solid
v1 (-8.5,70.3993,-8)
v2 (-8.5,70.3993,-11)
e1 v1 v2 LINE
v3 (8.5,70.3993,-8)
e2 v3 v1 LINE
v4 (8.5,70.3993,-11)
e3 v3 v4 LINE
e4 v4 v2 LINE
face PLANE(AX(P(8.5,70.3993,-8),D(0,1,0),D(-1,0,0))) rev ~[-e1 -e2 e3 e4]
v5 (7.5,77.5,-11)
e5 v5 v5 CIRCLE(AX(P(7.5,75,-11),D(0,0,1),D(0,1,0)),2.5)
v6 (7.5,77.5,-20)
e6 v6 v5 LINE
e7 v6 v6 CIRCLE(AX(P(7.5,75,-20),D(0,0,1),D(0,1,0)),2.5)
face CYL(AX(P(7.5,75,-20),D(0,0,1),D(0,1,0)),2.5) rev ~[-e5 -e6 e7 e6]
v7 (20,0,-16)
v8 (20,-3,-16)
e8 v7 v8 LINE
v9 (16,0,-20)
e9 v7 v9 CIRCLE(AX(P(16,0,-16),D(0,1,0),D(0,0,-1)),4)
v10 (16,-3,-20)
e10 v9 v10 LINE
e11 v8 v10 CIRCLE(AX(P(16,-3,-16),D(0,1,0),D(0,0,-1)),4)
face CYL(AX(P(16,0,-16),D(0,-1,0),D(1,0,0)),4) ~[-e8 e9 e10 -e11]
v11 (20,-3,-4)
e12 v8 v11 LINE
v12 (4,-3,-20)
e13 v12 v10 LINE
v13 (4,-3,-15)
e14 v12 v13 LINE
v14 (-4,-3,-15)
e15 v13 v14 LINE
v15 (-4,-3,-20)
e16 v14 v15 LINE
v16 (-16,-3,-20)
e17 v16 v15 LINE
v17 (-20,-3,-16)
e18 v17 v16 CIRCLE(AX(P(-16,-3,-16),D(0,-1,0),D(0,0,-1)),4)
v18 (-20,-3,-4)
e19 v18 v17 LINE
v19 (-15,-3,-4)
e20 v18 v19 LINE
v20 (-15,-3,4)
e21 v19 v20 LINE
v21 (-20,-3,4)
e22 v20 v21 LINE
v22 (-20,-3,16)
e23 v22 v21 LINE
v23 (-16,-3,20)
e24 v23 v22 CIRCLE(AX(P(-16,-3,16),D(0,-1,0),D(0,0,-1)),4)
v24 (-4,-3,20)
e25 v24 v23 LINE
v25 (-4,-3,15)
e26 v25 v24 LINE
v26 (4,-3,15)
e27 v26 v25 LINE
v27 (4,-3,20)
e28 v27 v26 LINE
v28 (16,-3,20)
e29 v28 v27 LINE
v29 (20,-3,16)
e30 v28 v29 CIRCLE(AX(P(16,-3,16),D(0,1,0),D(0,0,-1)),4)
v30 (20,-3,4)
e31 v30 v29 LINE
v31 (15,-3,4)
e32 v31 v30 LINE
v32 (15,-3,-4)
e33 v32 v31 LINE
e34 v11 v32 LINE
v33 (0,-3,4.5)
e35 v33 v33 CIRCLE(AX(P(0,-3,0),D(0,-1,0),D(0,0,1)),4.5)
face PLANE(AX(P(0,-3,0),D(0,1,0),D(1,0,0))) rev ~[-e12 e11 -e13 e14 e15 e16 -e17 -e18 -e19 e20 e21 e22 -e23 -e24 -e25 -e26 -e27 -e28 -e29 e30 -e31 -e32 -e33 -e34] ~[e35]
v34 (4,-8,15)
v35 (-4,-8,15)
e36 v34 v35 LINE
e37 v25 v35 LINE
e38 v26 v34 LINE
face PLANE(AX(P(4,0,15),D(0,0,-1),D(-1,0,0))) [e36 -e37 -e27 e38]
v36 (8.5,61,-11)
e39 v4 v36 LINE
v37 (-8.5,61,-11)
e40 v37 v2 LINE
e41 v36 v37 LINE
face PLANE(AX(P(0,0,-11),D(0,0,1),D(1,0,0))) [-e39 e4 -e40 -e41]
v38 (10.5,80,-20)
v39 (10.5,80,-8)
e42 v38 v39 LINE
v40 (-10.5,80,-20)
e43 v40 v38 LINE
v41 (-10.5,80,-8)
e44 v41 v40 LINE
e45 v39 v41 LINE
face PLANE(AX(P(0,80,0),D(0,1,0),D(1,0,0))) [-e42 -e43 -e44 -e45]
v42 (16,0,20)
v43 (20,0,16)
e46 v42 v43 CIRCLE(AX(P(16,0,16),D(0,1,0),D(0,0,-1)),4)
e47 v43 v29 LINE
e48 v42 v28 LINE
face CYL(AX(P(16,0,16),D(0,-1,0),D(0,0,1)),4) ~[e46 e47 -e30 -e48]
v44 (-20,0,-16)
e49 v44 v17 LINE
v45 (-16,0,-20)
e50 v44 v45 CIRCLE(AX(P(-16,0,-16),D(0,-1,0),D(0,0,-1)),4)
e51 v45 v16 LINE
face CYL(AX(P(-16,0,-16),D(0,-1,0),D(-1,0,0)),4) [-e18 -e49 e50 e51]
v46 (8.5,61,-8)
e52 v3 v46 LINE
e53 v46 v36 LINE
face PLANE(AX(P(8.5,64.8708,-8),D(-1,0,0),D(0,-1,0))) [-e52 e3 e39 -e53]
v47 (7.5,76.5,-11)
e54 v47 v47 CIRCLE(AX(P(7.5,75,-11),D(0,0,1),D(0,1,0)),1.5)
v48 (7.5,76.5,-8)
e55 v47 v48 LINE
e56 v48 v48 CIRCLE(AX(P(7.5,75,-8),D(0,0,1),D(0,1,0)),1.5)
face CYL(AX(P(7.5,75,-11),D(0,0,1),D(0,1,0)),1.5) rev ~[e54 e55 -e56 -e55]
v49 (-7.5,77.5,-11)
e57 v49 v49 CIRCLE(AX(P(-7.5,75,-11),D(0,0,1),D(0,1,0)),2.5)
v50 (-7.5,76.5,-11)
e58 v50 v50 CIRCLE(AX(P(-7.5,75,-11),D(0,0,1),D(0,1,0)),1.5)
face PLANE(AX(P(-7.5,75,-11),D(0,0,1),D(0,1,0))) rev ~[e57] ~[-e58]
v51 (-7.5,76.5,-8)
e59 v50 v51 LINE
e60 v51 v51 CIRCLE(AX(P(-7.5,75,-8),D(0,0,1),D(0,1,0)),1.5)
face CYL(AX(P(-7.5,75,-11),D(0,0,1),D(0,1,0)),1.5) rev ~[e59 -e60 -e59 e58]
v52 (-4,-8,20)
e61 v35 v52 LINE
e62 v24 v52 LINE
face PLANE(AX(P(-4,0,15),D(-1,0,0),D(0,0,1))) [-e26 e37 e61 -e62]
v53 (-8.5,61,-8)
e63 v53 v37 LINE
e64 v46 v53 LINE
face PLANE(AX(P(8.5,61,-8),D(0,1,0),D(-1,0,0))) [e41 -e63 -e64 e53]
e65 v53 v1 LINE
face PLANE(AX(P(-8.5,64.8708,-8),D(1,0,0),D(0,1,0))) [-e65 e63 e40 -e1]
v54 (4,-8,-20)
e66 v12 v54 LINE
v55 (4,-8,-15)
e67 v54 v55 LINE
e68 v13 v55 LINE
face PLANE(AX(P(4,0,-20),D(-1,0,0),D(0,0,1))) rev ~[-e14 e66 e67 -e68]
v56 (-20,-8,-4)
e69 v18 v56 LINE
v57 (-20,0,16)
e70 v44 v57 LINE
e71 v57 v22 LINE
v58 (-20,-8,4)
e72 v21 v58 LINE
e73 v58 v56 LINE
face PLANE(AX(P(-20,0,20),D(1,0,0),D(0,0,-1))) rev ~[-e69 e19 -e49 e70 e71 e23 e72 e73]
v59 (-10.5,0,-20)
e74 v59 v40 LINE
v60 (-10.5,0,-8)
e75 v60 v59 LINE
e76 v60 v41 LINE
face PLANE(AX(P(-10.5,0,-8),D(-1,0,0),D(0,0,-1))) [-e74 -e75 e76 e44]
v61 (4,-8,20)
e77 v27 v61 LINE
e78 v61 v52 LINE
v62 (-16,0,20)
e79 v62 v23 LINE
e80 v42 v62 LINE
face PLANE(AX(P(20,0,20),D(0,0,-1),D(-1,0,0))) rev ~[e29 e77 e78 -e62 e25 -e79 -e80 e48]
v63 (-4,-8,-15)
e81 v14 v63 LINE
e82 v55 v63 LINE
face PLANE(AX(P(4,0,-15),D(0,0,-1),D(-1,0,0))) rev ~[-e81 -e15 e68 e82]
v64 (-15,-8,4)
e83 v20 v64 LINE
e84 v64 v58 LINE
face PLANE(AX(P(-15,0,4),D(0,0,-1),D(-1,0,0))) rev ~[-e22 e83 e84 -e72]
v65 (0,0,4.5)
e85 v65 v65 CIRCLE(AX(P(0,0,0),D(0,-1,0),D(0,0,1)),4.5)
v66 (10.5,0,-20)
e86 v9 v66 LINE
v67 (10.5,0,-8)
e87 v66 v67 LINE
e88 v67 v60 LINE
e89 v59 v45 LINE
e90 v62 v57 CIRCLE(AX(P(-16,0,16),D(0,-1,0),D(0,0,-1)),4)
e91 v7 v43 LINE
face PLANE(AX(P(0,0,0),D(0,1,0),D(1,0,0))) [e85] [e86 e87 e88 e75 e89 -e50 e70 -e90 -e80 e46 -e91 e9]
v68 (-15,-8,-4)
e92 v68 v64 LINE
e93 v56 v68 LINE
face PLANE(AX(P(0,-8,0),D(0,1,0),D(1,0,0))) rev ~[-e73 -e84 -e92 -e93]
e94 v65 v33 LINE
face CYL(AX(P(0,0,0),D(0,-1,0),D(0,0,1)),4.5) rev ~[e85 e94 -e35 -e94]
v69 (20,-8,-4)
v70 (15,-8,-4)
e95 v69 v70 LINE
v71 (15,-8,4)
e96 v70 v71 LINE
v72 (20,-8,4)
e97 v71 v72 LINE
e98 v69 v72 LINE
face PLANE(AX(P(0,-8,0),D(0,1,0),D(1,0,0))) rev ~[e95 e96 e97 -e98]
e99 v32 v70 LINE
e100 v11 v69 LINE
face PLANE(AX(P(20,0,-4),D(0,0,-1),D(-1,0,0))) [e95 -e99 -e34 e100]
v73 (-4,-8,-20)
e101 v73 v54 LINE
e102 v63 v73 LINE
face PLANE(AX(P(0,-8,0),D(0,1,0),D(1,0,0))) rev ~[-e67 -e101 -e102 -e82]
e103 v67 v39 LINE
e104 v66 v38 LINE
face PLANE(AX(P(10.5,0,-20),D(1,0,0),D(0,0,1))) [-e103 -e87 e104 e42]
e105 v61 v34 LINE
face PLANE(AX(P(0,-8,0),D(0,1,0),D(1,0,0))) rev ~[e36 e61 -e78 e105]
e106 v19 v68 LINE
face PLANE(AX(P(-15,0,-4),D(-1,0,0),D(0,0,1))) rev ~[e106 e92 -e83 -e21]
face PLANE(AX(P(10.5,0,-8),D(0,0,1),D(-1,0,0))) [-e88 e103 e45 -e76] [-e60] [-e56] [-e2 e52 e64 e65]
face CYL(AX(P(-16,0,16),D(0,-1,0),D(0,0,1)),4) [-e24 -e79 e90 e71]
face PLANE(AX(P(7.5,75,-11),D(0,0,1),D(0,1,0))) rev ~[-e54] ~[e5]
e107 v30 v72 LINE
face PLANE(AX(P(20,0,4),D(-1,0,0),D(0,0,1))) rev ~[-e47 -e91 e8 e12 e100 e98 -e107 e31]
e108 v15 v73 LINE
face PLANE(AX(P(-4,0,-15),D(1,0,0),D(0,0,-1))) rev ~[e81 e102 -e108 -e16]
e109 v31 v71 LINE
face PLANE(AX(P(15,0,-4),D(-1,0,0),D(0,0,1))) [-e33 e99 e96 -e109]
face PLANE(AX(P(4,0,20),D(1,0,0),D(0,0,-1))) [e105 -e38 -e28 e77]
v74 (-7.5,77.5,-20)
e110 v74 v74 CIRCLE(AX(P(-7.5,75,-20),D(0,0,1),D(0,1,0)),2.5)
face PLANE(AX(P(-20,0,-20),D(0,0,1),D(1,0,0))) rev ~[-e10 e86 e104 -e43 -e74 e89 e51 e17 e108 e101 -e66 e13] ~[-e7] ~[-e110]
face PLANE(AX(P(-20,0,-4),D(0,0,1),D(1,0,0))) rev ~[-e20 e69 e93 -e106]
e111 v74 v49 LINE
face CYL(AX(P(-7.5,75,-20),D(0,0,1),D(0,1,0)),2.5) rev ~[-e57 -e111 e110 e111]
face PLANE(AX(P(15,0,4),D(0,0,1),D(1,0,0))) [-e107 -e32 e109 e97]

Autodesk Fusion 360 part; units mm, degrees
sketch "Sketch1" plane through (0, 0, 0) normal (0, 1, 0) x (1, 0, 0)
  line L0 (20, -20) -> (-20, -20)
  line L1 (-20, -20) -> (-20, 20)
  line L2 (-20, 20) -> (20, 20)
  line L3 (20, 20) -> (20, -20)
  line L4 (20, -20) -> (-20, 20) construction
  line L5 (-20, -20) -> (20, 20) construction
  line L6 (-20, 4) -> (-15, 4)
  line L7 (-15, 4) -> (-15, -4)
  line L8 (-15, -4) -> (-20, -4)
  line L9 (-20, -4) -> (-20, 4)
  line L10 (-4, 20) -> (4, 20)
  line L11 (4, 20) -> (4, 15)
  line L12 (4, 15) -> (-4, 15)
  line L13 (-4, 15) -> (-4, 20)
  line L14 (20, 4) -> (15, 4)
  line L15 (15, 4) -> (15, -4)
  line L16 (15, -4) -> (20, -4)
  line L17 (20, -4) -> (20, 4)
  line L18 (-4, -20) -> (4, -20)
  line L19 (4, -20) -> (4, -15)
  line L20 (4, -15) -> (-4, -15)
  line L21 (-4, -15) -> (-4, -20)
  dimension "d1" = 40
  dimension "d2" = 40
  dimension "d3" = 5
  dimension "d4" = 8
  dimension "d5" = 16
  dimension "d6" = 5
  dimension "d7" = 16
  dimension "d8" = 8
  dimension "d9" = 5
  dimension "d10" = 5
  dimension "d11" = 8
  dimension "d12" = 8
  dimension "d13" = 16
  dimension "d14" = 16
extrude "Extrude1" add sketch "Sketch1" against normal blind 3 contours L0 L1 L2 L3 L6 L7 L8 L11 L12 L13 L14 L15 L16 L19 L20 L21
extrude "Extrude2" add sketch "Sketch1" against normal blind 8 contours L0 L18 L19 L20 L21 | L3 L14 L15 L16 L17 | L1 L6 L7 L8 L9 | L2 L10 L11 L12 L13
hole "Hole1" at (0, 0, 0) direction (0, -1, 0) diameter 9 depth 30 tip angle 118
fillet "Fillet1" radius 4 4 edges at (20, -1.5, -20) (-20, -1.5, -20) (20, -1.5, 20) (-20, -1.5, 20)
sketch "Sketch2" plane through (0, 0, 0) normal (0, 0, 1) x (1, 0, 0)
sketch "Sketch3" plane through (0, 0, 0) normal (0, 1, 0) x (1, 0, 0)
  line L0 (-10.5, 20) -> (10.5, 20)
  line L1 (10.5, 20) -> (10.5, 8)
  line L2 (10.5, 8) -> (-10.5, 8)
  line L3 (-10.5, 8) -> (-10.5, 20)
  line L4 (-20, -20) -> (-20, 20)
  dimension "d26" = 21
  dimension "d27" = 9.5
  dimension "d28" = 12
extrude "Extrude3" add sketch "Sketch3" along normal blind 80
sketch "Sketch4" plane through (0, 0, -8) normal (0, 0, 1) x (1, 0, 0)
  line L0 (-10.5, 0) -> (10.5, 0)
  line L1 (10.5, 0) -> (10.5, 80)
  line L2 (10.5, 80) -> (-10.5, 80)
  line L3 (-10.5, 80) -> (-10.5, 0)
  line L4 (-10.5, 80) -> (10.5, 80)
  line L5 (10.5, 80) -> (10.5, 59)
  line L6 (10.5, 59) -> (-10.5, 59)
  line L7 (-10.5, 59) -> (-10.5, 80)
  line L8 (8.5, 78) -> (8.5, 61)
  line L9 (8.5, 61) -> (-8.5, 61)
  line L10 (-8.5, 61) -> (-8.5, 78)
  line L11 (-8.5, 78) -> (8.5, 78)
  line L12 (-8.5, 78) -> (8.5, 78)
  line L13 (8.5, 78) -> (8.5, 64.8708)
  line L14 (-8.5, 64.8708) -> (-8.5, 78)
  line L15 (-8.5, 61) -> (8.5, 61)
  line L16 (8.5, 61) -> (8.5, 70.3993)
  line L17 (8.5, 70.3993) -> (-8.5, 70.3993)
  line L18 (-8.5, 70.3993) -> (-8.5, 61)
  point P0 (-7.5, 64)
  point P1 (7.5, 64)
  dimension "d29" = 21
  dimension "d30" = 21
  dimension "d31" = 2
  dimension "d34" = 5
  dimension "d35" = 15
  dimension "d36" = 3
extrude "Extrude5" cut sketch "Sketch4" against normal blind 3 contours L8 L9 L10 L13 L14 L15 L16 L17 L18
sketch "Sketch6" plane through (0, 0, -20) normal (0, 0, -1) x (-1, 0, 0)
  line L0 (16, -3) -> (16, 0)
  line L1 (16, 0) -> (10.5, 0)
  line L2 (10.5, 0) -> (10.5, 80)
  line L3 (10.5, 80) -> (-10.5, 80)
  line L4 (-10.5, 80) -> (-10.5, 0)
  line L5 (-10.5, 0) -> (-16, 0)
  line L6 (-16, 0) -> (-16, -3)
  line L7 (-16, -3) -> (-4, -3)
  line L8 (-4, -3) -> (-4, -8)
  line L9 (-4, -8) -> (4, -8)
  line L10 (4, -8) -> (4, -3)
  line L11 (4, -3) -> (16, -3)
  point P0 (-7.5, 75)
  point P1 (7.5, 75)
  dimension "d45" = 15
  dimension "d46" = 3
  dimension "d47" = 5
hole "Hole4" at (7.5, 75, -20) at (-7.5, 75, -20) direction (0, 0, 1) diameter 3 depth 12 tip angle 118 counterbore diameter 5 counterbore depth 9
equation "d6 = d3"
equation "d7 = d5"
equation "d8 = d4"
equation "d9 = d3"
equation "d10 = d3"
equation "d11 = d4"
equation "d12 = d4"
equation "d13 = d7"
equation "d14 = d7"
